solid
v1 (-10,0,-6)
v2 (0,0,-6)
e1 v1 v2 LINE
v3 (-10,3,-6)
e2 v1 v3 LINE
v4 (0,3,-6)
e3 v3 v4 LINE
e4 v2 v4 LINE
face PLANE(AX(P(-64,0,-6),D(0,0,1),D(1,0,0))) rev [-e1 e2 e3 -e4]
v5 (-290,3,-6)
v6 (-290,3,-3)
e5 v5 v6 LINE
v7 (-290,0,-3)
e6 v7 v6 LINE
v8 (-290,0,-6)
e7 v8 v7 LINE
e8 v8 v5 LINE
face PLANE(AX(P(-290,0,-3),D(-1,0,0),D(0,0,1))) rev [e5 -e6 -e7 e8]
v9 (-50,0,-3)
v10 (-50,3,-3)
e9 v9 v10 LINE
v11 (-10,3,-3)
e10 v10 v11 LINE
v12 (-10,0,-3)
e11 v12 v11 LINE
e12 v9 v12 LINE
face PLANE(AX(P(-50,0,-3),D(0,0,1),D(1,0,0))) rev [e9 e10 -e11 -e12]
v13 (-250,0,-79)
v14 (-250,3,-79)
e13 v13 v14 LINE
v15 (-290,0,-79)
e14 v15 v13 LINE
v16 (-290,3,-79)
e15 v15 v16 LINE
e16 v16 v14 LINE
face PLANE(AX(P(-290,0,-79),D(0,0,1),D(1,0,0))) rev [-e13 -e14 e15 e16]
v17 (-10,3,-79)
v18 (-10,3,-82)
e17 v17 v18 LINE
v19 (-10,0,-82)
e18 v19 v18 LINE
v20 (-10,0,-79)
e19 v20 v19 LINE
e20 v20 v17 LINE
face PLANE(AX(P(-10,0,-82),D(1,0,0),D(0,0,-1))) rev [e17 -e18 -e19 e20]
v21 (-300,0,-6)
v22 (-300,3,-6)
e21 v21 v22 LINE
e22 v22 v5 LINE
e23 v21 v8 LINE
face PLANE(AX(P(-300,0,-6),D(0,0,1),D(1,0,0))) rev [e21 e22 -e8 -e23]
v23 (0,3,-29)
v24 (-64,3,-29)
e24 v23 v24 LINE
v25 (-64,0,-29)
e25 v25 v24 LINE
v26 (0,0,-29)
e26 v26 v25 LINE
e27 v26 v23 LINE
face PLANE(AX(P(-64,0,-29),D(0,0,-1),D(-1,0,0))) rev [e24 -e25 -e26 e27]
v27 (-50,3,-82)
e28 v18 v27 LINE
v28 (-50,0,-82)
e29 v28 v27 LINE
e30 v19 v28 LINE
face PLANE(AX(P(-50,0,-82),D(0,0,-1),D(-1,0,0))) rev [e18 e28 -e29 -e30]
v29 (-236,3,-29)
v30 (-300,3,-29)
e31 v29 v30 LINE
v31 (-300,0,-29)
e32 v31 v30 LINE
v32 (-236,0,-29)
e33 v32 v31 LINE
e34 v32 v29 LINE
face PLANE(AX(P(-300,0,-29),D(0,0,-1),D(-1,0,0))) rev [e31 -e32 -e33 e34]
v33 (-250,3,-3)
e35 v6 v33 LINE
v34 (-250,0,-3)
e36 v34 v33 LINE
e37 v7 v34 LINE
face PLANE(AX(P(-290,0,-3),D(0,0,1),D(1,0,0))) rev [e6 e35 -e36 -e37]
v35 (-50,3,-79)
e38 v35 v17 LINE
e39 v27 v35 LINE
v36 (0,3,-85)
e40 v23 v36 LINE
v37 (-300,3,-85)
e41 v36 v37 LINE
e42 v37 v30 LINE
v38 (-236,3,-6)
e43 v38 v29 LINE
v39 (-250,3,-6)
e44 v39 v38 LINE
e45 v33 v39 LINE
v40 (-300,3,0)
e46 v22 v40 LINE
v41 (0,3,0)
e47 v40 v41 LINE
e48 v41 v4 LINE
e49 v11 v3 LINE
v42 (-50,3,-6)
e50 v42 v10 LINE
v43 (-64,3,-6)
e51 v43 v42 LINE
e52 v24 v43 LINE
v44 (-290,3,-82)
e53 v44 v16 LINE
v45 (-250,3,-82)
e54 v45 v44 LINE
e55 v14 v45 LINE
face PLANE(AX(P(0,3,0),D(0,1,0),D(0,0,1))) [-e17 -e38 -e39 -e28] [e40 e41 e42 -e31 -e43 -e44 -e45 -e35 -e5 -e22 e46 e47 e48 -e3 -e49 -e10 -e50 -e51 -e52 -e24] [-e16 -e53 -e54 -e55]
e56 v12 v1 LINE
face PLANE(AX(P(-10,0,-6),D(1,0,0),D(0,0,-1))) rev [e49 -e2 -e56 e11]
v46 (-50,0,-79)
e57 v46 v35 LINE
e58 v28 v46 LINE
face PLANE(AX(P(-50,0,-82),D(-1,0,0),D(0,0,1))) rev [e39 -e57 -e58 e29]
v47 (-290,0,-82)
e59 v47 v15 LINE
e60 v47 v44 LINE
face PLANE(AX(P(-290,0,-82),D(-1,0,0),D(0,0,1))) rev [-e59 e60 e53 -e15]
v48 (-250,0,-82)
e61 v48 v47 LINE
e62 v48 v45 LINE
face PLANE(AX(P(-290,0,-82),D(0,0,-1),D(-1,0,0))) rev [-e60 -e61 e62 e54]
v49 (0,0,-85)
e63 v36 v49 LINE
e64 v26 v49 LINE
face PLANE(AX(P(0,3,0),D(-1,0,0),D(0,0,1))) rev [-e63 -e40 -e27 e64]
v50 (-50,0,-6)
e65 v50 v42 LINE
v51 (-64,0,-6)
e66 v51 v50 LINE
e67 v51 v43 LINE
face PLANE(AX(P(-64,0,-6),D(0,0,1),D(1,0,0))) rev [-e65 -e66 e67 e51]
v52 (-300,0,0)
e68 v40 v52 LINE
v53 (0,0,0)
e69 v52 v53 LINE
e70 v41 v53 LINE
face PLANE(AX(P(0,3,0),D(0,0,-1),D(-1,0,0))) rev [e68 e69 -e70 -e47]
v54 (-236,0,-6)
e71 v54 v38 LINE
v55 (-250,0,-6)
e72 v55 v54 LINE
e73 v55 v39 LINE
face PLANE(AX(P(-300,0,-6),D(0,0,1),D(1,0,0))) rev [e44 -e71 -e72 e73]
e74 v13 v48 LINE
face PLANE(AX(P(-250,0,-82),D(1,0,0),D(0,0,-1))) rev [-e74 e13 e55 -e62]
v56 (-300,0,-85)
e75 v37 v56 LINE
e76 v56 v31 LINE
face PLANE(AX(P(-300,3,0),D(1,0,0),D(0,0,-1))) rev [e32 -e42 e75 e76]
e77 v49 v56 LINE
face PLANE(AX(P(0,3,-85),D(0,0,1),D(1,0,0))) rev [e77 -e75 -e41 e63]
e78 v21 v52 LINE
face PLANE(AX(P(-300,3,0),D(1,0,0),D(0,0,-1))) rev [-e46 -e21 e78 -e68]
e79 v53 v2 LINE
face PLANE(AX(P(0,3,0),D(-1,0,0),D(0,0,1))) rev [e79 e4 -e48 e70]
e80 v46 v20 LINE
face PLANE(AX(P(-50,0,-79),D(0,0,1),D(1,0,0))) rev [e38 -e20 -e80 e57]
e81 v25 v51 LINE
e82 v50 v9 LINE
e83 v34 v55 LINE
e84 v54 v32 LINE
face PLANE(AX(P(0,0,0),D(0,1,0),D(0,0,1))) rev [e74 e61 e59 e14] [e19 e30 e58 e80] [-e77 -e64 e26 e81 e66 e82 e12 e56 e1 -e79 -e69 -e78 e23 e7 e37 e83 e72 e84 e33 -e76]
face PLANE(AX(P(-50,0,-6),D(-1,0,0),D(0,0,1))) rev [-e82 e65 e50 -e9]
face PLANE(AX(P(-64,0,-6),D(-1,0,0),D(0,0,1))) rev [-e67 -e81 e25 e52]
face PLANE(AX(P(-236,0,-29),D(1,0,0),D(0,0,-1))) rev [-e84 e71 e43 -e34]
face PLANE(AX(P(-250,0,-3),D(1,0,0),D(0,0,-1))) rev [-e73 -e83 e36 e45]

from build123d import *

# Parameters (mm, degrees)
SKETCH1_W           = 300
SKETCH1_H           = 85
BOSS_EXTRUDE1_DEPTH = 3
SKETCH2_W           = 40
SKETCH2_H           = 3
CUT_EXTRUDE1_DEPTH  = 3
SKETCH3_W           = 40
SKETCH3_H           = 3
CUT_EXTRUDE2_DEPTH  = 3
SKETCH4_W           = 40
SKETCH4_H           = 3
CUT_EXTRUDE3_DEPTH  = 3
SKETCH5_W           = 40
SKETCH5_H           = 3
CUT_EXTRUDE4_DEPTH  = 3
SKETCH6_W           = 64
SKETCH6_H           = 23
CUT_EXTRUDE6_DEPTH  = 3
SKETCH7_W           = 64
SKETCH7_H           = 23
CUT_EXTRUDE7_DEPTH  = 3


with BuildPart() as part:
    # Sketch1 → Boss-Extrude1 (new body)
    with BuildSketch(Plane(origin=(0, 0, 0), x_dir=(1, 0, 0), z_dir=(0, 1, 0))):
        with Locations((-150, 42.5)):
            Rectangle(SKETCH1_W, SKETCH1_H)
    extrude(amount=BOSS_EXTRUDE1_DEPTH)

    # Sketch2 → Cut-Extrude1 (cut)
    with BuildSketch(Plane(origin=(0, 3, 0), x_dir=(1, 0, 0), z_dir=(0, 1, 0))):
        with Locations((-270, 4.5)):
            Rectangle(SKETCH2_W, SKETCH2_H)
    extrude(amount=-CUT_EXTRUDE1_DEPTH, mode=Mode.SUBTRACT)

    # Sketch3 → Cut-Extrude2 (cut)
    with BuildSketch(Plane(origin=(0, 3, 0), x_dir=(1, 0, 0), z_dir=(0, 1, 0))):
        with Locations((-30, 4.5)):
            Rectangle(SKETCH3_W, SKETCH3_H)
    extrude(amount=-CUT_EXTRUDE2_DEPTH, mode=Mode.SUBTRACT)

    # Sketch4 → Cut-Extrude3 (cut)
    with BuildSketch(Plane(origin=(0, 3, 0), x_dir=(1, 0, 0), z_dir=(0, 1, 0))):
        with Locations((-30, 80.5)):
            Rectangle(SKETCH4_W, SKETCH4_H)
    extrude(amount=-CUT_EXTRUDE3_DEPTH, mode=Mode.SUBTRACT)

    # Sketch5 → Cut-Extrude4 (cut)
    with BuildSketch(Plane(origin=(0, 3, 0), x_dir=(1, 0, 0), z_dir=(0, 1, 0))):
        with Locations((-270, 80.5)):
            Rectangle(SKETCH5_W, SKETCH5_H)
    extrude(amount=-CUT_EXTRUDE4_DEPTH, mode=Mode.SUBTRACT)

    # Sketch6 → Cut-Extrude6 (cut)
    with BuildSketch(Plane(origin=(0, 3, 0), x_dir=(1, 0, 0), z_dir=(0, 1, 0))):
        with Locations((-268, 17.5)):
            Rectangle(SKETCH6_W, SKETCH6_H)
    extrude(amount=-CUT_EXTRUDE6_DEPTH, mode=Mode.SUBTRACT)

    # Sketch7 → Cut-Extrude7 (cut)
    with BuildSketch(Plane(origin=(0, 3, 0), x_dir=(1, 0, 0), z_dir=(0, 1, 0))):
        with Locations((-32, 17.5)):
            Rectangle(SKETCH7_W, SKETCH7_H)
    extrude(amount=-CUT_EXTRUDE7_DEPTH, mode=Mode.SUBTRACT)


solid = part.part
